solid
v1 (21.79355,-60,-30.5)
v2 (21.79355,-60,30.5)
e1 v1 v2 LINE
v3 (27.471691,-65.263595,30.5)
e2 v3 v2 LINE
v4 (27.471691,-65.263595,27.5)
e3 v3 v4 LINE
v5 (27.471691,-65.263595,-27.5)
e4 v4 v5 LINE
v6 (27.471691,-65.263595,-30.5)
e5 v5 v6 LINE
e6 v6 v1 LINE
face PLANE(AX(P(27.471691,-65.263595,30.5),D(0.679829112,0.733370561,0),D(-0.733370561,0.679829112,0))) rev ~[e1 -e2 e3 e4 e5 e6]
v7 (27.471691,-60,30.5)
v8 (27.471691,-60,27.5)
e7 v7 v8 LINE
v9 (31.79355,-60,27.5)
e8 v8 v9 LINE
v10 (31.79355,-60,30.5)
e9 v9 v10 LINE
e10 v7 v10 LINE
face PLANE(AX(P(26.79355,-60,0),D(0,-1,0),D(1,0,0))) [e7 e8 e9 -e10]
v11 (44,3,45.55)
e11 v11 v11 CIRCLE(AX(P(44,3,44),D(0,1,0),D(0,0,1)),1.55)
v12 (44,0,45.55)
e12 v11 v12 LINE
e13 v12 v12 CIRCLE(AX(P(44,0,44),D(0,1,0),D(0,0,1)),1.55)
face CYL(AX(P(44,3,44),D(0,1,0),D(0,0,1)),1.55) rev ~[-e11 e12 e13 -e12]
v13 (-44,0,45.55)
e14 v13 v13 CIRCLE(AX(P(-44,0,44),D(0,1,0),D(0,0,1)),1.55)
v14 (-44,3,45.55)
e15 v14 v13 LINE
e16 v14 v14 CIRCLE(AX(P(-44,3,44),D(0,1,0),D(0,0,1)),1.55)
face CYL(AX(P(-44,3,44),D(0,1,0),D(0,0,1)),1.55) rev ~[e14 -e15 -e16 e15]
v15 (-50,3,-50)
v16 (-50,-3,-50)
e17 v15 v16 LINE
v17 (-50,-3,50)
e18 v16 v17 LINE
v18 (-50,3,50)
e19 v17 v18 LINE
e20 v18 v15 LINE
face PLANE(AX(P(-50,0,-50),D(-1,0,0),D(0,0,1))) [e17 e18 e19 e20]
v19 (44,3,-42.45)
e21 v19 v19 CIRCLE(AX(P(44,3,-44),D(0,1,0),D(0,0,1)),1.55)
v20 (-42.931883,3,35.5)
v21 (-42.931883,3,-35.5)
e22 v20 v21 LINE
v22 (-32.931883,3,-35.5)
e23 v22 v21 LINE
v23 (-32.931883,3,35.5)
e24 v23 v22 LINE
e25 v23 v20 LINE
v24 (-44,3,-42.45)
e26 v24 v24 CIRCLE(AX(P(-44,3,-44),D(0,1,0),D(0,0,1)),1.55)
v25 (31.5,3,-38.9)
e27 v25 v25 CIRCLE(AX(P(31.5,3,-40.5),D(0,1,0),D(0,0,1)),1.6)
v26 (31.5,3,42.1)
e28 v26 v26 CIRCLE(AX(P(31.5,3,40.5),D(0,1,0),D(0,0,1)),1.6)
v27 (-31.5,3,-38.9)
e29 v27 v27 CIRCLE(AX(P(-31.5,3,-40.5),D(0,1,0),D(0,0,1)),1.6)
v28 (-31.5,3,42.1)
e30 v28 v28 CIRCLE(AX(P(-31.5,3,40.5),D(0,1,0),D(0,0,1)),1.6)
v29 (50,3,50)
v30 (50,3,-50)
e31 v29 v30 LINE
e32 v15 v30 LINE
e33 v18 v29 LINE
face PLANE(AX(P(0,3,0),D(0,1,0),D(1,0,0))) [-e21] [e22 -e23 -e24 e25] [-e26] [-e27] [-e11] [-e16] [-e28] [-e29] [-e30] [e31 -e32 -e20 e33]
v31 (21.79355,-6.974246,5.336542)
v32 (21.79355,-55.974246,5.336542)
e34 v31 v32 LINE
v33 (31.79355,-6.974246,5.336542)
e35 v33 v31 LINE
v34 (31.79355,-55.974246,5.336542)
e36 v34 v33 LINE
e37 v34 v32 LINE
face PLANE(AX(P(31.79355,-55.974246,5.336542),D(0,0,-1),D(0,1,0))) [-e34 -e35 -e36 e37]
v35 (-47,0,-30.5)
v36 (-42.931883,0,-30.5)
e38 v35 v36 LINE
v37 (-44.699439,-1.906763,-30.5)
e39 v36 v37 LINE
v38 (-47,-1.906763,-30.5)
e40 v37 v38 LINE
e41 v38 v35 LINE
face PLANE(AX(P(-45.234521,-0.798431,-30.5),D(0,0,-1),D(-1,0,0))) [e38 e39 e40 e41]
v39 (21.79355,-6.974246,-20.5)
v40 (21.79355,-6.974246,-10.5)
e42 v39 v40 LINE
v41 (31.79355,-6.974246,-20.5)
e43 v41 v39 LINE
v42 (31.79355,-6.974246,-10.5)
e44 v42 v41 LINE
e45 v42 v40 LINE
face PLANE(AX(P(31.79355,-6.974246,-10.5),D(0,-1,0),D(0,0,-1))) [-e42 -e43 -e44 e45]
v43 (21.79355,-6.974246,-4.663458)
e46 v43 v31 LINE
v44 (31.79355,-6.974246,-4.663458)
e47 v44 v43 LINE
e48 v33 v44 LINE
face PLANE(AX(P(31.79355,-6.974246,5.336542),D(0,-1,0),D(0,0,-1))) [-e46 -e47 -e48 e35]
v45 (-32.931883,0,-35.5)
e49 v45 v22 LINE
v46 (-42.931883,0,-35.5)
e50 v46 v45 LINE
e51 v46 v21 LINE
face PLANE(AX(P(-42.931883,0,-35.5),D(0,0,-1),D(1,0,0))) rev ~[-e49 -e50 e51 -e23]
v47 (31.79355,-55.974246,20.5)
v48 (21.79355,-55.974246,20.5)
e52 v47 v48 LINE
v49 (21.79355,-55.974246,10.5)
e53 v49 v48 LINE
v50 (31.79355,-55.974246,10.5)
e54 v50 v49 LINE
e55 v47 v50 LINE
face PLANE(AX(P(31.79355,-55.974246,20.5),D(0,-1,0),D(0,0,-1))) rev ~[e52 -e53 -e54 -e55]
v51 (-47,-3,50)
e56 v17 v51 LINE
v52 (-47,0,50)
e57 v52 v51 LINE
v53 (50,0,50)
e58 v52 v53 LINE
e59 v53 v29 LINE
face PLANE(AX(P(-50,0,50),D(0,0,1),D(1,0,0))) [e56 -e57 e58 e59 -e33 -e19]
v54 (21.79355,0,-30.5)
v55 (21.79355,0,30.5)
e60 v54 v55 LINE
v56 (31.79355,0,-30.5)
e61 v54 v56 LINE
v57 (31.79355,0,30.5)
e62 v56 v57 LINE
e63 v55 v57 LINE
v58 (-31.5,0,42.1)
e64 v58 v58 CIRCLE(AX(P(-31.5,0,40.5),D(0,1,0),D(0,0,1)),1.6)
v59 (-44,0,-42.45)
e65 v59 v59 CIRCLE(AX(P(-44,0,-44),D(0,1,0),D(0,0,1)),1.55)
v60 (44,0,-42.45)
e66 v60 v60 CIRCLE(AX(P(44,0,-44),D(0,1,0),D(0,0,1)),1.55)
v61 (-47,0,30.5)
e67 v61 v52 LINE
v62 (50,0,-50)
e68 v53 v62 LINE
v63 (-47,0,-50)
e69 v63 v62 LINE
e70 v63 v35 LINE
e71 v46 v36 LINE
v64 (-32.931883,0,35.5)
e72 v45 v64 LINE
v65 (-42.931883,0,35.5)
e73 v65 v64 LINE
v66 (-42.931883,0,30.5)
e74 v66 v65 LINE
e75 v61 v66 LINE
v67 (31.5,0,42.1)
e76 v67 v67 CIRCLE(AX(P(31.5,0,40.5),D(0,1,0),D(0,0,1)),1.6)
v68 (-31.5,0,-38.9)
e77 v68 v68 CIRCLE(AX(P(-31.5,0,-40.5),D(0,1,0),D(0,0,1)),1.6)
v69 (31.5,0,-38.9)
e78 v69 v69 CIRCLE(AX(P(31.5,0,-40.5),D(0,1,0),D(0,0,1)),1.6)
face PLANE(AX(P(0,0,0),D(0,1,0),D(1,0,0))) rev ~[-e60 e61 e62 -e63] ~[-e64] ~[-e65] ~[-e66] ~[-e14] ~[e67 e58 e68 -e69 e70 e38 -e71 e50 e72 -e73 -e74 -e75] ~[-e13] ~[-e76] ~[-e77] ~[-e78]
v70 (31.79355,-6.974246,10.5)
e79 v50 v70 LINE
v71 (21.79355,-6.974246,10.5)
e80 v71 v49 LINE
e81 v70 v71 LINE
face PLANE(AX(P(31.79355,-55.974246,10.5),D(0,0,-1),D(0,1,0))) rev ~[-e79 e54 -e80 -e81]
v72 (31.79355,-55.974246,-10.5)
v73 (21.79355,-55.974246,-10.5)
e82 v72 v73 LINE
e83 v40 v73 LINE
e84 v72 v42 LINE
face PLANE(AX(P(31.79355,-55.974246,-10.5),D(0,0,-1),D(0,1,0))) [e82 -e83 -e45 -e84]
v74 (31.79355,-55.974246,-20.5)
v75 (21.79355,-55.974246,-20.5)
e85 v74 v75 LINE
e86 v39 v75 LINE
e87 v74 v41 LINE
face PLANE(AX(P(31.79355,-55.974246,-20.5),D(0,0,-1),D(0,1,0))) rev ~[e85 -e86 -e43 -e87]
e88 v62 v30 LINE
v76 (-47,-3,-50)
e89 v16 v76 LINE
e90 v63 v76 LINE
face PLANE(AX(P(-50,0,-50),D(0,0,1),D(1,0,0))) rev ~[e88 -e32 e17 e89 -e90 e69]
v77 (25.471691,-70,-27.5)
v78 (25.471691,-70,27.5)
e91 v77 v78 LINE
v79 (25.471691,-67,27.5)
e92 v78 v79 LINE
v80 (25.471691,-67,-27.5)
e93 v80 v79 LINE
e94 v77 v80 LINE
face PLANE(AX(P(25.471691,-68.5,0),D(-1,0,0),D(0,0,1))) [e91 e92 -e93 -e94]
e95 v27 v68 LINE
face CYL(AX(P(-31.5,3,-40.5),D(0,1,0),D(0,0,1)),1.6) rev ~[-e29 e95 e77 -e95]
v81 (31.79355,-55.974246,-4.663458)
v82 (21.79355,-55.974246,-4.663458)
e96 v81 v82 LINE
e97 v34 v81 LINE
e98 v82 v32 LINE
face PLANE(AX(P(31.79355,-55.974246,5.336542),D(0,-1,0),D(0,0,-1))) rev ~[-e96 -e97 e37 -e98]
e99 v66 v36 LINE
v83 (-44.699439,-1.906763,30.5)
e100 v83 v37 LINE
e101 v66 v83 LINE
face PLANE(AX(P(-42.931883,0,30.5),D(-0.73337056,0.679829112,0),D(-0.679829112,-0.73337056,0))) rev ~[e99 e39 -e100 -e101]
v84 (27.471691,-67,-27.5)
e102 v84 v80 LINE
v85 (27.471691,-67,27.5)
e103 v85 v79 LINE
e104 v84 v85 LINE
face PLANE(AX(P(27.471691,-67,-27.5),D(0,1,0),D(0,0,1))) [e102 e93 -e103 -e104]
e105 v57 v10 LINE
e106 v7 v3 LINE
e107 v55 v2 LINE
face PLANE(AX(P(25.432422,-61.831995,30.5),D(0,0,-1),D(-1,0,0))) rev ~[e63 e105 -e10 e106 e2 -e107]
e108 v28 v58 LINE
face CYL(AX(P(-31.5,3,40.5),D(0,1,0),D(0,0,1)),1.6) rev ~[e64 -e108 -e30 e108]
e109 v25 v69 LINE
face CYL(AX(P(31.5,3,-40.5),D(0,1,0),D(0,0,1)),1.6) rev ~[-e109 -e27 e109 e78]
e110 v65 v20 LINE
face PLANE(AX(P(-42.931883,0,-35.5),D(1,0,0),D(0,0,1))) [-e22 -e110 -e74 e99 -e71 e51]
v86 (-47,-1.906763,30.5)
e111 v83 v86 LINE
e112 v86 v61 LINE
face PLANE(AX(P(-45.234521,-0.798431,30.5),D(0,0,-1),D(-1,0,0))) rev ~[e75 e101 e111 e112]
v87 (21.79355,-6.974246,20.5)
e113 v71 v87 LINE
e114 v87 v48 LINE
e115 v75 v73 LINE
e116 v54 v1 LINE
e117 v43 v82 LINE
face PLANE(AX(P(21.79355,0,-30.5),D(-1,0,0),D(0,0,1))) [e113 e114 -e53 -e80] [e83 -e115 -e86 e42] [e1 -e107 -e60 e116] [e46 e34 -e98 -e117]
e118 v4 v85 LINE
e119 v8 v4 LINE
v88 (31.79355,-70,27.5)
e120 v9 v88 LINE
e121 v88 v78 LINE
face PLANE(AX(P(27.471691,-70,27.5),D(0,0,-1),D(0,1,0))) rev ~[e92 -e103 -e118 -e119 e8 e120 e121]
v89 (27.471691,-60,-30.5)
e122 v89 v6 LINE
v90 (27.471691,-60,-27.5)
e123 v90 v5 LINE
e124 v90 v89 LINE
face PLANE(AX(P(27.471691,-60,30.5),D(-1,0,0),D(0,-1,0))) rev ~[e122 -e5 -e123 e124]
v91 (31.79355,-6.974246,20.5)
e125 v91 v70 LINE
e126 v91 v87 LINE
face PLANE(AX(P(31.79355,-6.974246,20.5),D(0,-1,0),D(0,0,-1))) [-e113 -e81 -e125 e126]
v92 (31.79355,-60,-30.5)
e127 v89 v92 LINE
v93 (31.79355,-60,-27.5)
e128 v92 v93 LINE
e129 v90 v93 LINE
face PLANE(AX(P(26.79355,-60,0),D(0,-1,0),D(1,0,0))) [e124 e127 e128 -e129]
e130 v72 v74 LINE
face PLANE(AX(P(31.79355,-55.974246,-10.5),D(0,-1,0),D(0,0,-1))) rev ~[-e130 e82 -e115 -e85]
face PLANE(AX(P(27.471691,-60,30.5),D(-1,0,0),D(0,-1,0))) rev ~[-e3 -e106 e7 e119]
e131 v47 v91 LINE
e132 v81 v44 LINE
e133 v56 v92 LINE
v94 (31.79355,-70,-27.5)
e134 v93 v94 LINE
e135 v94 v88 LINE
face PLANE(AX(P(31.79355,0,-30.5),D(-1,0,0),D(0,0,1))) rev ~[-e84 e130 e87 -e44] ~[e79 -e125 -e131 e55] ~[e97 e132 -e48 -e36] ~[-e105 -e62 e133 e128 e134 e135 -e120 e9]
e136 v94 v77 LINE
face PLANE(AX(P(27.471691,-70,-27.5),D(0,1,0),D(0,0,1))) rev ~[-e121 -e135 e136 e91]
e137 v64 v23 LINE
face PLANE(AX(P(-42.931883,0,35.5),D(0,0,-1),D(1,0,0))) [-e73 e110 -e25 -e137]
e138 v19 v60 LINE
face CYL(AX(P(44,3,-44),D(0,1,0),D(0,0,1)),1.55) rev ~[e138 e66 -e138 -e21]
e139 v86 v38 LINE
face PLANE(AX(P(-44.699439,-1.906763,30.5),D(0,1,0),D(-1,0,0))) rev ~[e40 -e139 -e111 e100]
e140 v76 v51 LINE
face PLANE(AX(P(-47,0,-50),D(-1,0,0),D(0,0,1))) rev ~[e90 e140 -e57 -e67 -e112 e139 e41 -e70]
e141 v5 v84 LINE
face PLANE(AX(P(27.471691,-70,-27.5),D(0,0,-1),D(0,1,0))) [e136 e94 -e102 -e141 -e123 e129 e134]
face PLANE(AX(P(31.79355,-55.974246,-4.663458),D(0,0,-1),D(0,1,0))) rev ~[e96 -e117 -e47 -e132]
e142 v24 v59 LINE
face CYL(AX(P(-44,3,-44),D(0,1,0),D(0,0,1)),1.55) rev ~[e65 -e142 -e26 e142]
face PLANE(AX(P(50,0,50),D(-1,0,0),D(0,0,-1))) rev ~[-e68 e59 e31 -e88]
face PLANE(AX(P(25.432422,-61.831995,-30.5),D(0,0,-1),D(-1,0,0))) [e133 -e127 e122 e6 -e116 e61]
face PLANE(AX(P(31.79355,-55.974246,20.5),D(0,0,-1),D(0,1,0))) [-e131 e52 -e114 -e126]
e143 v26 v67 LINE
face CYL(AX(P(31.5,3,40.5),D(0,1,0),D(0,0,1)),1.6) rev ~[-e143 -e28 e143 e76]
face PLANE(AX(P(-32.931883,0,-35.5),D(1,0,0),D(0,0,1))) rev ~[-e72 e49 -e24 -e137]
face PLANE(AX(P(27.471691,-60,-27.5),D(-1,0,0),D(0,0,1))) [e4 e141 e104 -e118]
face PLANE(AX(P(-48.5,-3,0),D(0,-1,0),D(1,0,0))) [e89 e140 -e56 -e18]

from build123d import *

# Parameters (mm, degrees)
CROQUIS1_W              = 100
CROQUIS1_H              = 100
SALIENTE_EXTRUIR1_DEPTH = 3
CROQUIS6_R              = 1.55
CORTAR_EXTRUIR4_DEPTH   = 10
CROQUIS7_R              = 1.6
CORTAR_EXTRUIR5_DEPTH   = 10
CROQUIS8_W              = 3
CROQUIS8_H              = 100
SALIENTE_EXTRUIR3_DEPTH = 3
CROQUIS9_W              = 10
CROQUIS9_H              = 61
SALIENTE_EXTRUIR4_DEPTH = 60
CROQUIS10_W             = 4.321859215
CROQUIS10_H             = 55
SALIENTE_EXTRUIR5_DEPTH = 10
CROQUIS11_W             = 55
CROQUIS11_H             = 3
SALIENTE_EXTRUIR6_DEPTH = 2
SALIENTE_EXTRUIR7_DEPTH = 61
CROQUIS13_W             = 10
CROQUIS13_H             = 71
CORTAR_EXTRUIR6_DEPTH   = 61
CROQUIS14_W             = 10
CROQUIS14_H             = 49
CORTAR_EXTRUIR7_DEPTH   = 61


with BuildPart() as part:
    # Croquis1 → Saliente-Extruir1 (new body)
    with BuildSketch(Plane(origin=(0, 0, 0), x_dir=(1, 0, 0), z_dir=(0, 1, 0))):
        Rectangle(CROQUIS1_W, CROQUIS1_H)
    extrude(amount=SALIENTE_EXTRUIR1_DEPTH)

    # Croquis6 → Cortar-Extruir4 (cut)
    with BuildSketch(Plane(origin=(0, 3, 0), x_dir=(1, 0, 0), z_dir=(0, 1, 0))):
        with Locations(Location((-44, 44, 0), (0, 0, 270))):  # turned: the seam where the file's is
            Circle(CROQUIS6_R)
        with Locations(Location((44, 44, 0), (0, 0, 270))):  # turned: the seam where the file's is
            Circle(CROQUIS6_R)
        with Locations(Location((44, -44, 0), (0, 0, 270))):  # turned: the seam where the file's is
            Circle(CROQUIS6_R)
        with Locations(Location((-44, -44, 0), (0, 0, 270))):  # turned: the seam where the file's is
            Circle(CROQUIS6_R)
    extrude(amount=-CORTAR_EXTRUIR4_DEPTH, mode=Mode.SUBTRACT)

    # Croquis7 → Cortar-Extruir5 (cut)
    with BuildSketch(Plane(origin=(0, 3, 0), x_dir=(1, 0, 0), z_dir=(0, 1, 0))):
        with Locations(Location((-31.5, 40.5, 0), (0, 0, 270))):  # turned: the seam where the file's is
            Circle(CROQUIS7_R)
        with Locations(Location((31.5, 40.5, 0), (0, 0, 270))):  # turned: the seam where the file's is
            Circle(CROQUIS7_R)
        with Locations(Location((-31.5, -40.5, 0), (0, 0, 270))):  # turned: the seam where the file's is
            Circle(CROQUIS7_R)
        with Locations(Location((31.5, -40.5, 0), (0, 0, 270))):  # turned: the seam where the file's is
            Circle(CROQUIS7_R)
    extrude(amount=-CORTAR_EXTRUIR5_DEPTH, mode=Mode.SUBTRACT)

    # Croquis8 → Saliente-Extruir3 (add)
    with BuildSketch(Plane.XZ):
        with Locations((-48.5, 0)):
            Rectangle(CROQUIS8_W, CROQUIS8_H)
    extrude(amount=SALIENTE_EXTRUIR3_DEPTH)

    # Croquis9 → Saliente-Extruir4 (add)
    with BuildSketch(Plane.XZ):
        with Locations((26.793549779, 0)):
            Rectangle(CROQUIS9_W, CROQUIS9_H)
    extrude(amount=SALIENTE_EXTRUIR4_DEPTH)

    # Croquis10 → Saliente-Extruir5 (add)
    with BuildSketch(Plane.XZ.offset(60)):
        with Locations((29.632620172, 0)):
            Rectangle(CROQUIS10_W, CROQUIS10_H)
    extrude(amount=SALIENTE_EXTRUIR5_DEPTH)

    # Croquis11 → Saliente-Extruir6 (add)
    with BuildSketch(Plane.ZY.offset(-27.471690564)):
        with Locations((0, -68.5)):
            Rectangle(CROQUIS11_W, CROQUIS11_H)
    extrude(amount=SALIENTE_EXTRUIR6_DEPTH)

    # Croquis12 → Saliente-Extruir7 (add)
    with BuildSketch(Plane.XY.offset(30.5)):
        Polygon((21.793549779, -60), (27.471690564, -60), (27.471690564, -65.263594713), align=None)
        Polygon((-44.699438936, -1.906763457), (-47, -1.906763457), (-47, 0), (-42.931883245, 0), align=None)
    extrude(amount=-SALIENTE_EXTRUIR7_DEPTH)

    # Croquis13 → Cortar-Extruir6 (cut)
    with BuildSketch(Plane.XZ):
        with Locations((-37.931883245, 0)):
            Rectangle(CROQUIS13_W, CROQUIS13_H)
    extrude(amount=-CORTAR_EXTRUIR6_DEPTH, mode=Mode.SUBTRACT)

    # Croquis14 → Cortar-Extruir7 (cut)
    with BuildSketch(Plane(origin=(31.793549779, 0, 0), x_dir=(0, 0, -1), z_dir=(1, 0, 0))):
        with Locations((-15.5, -31.474245952)):
            Rectangle(CROQUIS14_W, CROQUIS14_H)
        with Locations((-0.336542235, -31.474245952)):
            Rectangle(CROQUIS14_W, CROQUIS14_H)
        with Locations((15.5, -31.474245952)):
            Rectangle(CROQUIS14_W, CROQUIS14_H)
    extrude(amount=-CORTAR_EXTRUIR7_DEPTH, mode=Mode.SUBTRACT)


solid = part.part
